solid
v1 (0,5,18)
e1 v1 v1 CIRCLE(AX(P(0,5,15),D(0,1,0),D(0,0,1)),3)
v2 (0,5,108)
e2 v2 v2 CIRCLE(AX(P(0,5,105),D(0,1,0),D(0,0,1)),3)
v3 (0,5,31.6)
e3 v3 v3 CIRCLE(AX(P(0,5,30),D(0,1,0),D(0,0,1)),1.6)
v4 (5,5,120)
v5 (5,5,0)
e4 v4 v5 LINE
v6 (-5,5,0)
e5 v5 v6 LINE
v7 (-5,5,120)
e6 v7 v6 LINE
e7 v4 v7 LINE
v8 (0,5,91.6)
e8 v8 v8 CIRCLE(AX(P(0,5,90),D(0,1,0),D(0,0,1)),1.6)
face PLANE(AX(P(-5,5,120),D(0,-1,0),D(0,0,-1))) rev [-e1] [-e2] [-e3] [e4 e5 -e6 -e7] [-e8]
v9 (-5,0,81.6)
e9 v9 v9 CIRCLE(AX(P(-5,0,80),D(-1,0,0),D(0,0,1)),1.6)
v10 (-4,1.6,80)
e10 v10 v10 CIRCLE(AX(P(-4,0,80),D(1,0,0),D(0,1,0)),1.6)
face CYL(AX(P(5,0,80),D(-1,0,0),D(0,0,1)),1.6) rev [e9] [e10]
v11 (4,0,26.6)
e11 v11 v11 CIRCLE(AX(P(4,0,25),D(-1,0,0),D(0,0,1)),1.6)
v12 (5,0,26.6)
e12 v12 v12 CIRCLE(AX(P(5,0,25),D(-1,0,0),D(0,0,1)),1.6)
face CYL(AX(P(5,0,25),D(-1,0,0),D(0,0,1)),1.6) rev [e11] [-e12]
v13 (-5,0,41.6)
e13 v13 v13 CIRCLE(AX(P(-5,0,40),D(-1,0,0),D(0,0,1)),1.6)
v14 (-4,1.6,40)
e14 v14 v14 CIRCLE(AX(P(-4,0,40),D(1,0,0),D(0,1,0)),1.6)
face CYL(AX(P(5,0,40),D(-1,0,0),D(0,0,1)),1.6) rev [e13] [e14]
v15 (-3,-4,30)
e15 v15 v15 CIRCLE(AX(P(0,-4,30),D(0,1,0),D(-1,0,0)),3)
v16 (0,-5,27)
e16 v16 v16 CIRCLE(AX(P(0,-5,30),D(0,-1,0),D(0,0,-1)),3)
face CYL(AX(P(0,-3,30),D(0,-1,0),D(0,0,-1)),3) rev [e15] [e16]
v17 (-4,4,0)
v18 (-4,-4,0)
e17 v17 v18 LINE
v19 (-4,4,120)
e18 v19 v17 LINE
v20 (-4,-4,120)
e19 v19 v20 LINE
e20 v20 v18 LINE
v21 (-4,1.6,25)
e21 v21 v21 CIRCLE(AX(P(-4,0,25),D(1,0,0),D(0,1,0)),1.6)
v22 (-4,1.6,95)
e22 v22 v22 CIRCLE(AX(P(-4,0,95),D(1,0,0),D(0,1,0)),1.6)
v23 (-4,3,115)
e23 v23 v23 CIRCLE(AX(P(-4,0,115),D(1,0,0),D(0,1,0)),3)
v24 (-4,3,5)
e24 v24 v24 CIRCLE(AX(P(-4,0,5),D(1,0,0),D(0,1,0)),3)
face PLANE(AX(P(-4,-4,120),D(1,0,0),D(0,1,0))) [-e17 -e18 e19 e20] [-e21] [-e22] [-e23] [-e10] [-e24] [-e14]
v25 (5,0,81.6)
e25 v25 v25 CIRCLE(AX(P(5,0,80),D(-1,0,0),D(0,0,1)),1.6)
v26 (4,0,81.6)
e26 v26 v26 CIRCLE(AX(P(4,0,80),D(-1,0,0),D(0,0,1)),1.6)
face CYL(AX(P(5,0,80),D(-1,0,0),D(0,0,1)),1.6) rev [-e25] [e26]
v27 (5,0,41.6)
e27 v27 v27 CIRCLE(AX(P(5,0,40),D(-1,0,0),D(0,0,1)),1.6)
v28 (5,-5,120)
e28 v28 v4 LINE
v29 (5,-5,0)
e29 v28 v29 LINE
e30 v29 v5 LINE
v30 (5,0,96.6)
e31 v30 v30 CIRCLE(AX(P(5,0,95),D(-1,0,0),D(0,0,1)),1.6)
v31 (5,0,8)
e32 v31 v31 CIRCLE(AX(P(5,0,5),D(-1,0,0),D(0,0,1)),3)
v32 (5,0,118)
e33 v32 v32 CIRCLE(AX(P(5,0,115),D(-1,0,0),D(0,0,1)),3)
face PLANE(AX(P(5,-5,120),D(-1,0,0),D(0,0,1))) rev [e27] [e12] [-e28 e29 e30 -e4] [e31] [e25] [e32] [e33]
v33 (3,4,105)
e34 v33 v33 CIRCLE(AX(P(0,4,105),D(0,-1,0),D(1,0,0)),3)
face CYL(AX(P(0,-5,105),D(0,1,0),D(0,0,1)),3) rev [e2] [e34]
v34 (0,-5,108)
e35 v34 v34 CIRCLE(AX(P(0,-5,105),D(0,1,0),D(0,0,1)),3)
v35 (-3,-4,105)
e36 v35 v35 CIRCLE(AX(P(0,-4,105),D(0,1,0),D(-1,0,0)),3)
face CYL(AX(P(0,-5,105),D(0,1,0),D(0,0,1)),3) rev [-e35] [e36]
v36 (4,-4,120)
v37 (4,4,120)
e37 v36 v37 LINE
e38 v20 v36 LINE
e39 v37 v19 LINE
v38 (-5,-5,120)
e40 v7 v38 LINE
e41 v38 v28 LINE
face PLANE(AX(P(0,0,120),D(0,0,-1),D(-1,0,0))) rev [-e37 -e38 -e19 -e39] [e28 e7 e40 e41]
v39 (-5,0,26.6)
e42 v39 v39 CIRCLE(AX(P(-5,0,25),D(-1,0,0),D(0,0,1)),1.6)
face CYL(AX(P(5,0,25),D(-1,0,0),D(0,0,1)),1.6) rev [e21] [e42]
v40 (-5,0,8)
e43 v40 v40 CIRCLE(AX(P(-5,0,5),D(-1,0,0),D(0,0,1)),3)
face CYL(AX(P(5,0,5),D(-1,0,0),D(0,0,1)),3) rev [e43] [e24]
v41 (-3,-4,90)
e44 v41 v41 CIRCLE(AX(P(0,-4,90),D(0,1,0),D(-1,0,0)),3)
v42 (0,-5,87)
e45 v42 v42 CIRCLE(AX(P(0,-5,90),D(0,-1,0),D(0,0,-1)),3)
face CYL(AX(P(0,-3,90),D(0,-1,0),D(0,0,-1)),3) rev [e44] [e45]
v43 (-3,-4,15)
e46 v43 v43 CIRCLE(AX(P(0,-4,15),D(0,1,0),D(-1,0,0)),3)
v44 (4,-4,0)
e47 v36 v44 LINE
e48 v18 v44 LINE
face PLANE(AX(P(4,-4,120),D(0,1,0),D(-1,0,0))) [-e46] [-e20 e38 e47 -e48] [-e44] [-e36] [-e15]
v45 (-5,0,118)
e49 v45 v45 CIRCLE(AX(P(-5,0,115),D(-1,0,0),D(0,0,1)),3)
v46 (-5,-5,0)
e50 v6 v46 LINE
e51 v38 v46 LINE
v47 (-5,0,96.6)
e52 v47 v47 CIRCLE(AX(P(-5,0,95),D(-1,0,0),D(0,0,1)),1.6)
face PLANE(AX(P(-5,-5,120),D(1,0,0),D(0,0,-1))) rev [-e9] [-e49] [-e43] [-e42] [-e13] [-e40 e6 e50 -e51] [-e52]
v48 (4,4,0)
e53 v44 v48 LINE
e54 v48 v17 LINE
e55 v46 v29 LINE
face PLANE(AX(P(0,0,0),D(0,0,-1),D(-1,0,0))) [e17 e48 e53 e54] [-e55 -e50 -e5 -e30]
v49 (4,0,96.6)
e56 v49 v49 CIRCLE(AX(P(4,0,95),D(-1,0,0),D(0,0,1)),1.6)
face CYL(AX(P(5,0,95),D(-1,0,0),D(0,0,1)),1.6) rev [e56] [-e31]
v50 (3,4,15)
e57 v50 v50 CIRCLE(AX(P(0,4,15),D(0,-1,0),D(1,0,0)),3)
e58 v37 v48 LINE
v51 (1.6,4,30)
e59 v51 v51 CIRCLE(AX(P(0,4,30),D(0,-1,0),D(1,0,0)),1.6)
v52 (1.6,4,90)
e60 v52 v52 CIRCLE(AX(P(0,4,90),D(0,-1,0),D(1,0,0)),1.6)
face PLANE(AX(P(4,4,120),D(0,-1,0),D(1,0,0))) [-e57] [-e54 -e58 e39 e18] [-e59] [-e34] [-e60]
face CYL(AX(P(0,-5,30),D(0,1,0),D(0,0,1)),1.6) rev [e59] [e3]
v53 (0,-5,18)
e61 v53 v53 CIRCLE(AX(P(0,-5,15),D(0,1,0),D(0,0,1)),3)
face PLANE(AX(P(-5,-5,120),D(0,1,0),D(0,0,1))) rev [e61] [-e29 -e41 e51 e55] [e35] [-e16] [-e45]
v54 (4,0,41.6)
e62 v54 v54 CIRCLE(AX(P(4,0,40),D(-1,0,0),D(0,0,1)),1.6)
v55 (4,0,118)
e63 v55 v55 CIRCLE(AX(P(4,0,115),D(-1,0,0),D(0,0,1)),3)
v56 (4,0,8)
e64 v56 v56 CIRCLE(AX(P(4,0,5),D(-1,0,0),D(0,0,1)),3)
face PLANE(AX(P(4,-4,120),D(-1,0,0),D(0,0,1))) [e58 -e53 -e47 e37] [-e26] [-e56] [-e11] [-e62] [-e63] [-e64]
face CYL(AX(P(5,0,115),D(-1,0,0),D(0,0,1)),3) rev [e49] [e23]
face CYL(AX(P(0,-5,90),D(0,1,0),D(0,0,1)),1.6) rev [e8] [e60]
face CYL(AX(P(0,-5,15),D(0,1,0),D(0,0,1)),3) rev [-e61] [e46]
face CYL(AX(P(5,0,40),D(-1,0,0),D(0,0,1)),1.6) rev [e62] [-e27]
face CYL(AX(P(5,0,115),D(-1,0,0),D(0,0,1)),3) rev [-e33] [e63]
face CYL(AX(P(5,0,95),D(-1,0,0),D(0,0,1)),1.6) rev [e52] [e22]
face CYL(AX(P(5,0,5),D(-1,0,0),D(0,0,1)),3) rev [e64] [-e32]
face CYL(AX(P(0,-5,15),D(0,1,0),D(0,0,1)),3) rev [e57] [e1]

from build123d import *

# Parameters (mm, degrees)
SKETCH_1_W          = 10
SKETCH_1_H          = 10
SKETCH_1_W_2        = 8
SKETCH_1_H_2        = 8
EXTRUDE_1_DEPTH     = 120
SKETCH_2_R          = 3
CUT_EXTRUDE_1_DEPTH = 121.519707932
SKETCH_3_R          = 3
CUT_EXTRUDE_2_DEPTH = 10
SKETCH_4_R          = 1.6
CUT_EXTRUDE_3_DEPTH = 10
SKETCH_5_R          = 1.6
CUT_EXTRUDE_4_DEPTH = 121.519707932
SKETCH_6_R          = 3
CUT_EXTRUDE_5_DEPTH = 2
SKETCH_7_R          = 1.6
CUT_EXTRUDE_6_DEPTH = 121.519707932


with BuildPart() as part:
    # ｽｹｯﾁ1 → ﾎﾞｽ - 押し出し1 (new body)
    with BuildSketch(Plane.XY):
        Rectangle(SKETCH_1_W, SKETCH_1_H)
        Rectangle(SKETCH_1_W_2, SKETCH_1_H_2, mode=Mode.SUBTRACT)
    extrude(amount=EXTRUDE_1_DEPTH)

    # ｽｹｯﾁ2 → ｶｯﾄ - 押し出し1 (cut, through all)
    with BuildSketch(Plane.ZY.offset(5)):
        with Locations((5, 0)):
            Circle(SKETCH_2_R)
        with Locations((115, 0)):
            Circle(SKETCH_2_R)
    extrude(amount=-CUT_EXTRUDE_1_DEPTH, mode=Mode.SUBTRACT)

    # ｽｹｯﾁ3 → ｶｯﾄ - 押し出し2 (cut)
    with BuildSketch(Plane(origin=(0, 5, 0), x_dir=(1, 0, 0), z_dir=(0, 1, 0))):
        with Locations(Location((0, -105, 0), (0, 0, 270))):
            Circle(SKETCH_3_R)
        with Locations(Location((0, -15, 0), (0, 0, 270))):
            Circle(SKETCH_3_R)
    extrude(amount=-CUT_EXTRUDE_2_DEPTH, mode=Mode.SUBTRACT)

    # ｽｹｯﾁ4 → ｶｯﾄ - 押し出し3 (cut)
    with BuildSketch(Plane(origin=(0, 5, 0), x_dir=(1, 0, 0), z_dir=(0, 1, 0))):
        with Locations(Location((0, -30, 0), (0, 0, 270))):
            Circle(SKETCH_4_R)
        with Locations(Location((0, -90, 0), (0, 0, 270))):
            Circle(SKETCH_4_R)
    extrude(amount=-CUT_EXTRUDE_3_DEPTH, mode=Mode.SUBTRACT)

    # ｽｹｯﾁ5 → ｶｯﾄ - 押し出し4 (cut, through all)
    with BuildSketch(Plane.ZY.offset(5)):
        with Locations((25, 0)):
            Circle(SKETCH_5_R)
        with Locations((95, 0)):
            Circle(SKETCH_5_R)
    extrude(amount=-CUT_EXTRUDE_4_DEPTH, mode=Mode.SUBTRACT)

    # ｽｹｯﾁ6 → ｶｯﾄ - 押し出し5 (cut)
    with BuildSketch(Plane(origin=(0, -5, 0), x_dir=(-1, 0, 0), z_dir=(0, -1, 0))):
        with Locations(Location((0, -30, 0), (0, 0, 90))):
            Circle(SKETCH_6_R)
        with Locations(Location((0, -90, 0), (0, 0, 90))):
            Circle(SKETCH_6_R)
    extrude(amount=-CUT_EXTRUDE_5_DEPTH, mode=Mode.SUBTRACT)

    # ｽｹｯﾁ7 → ｶｯﾄ - 押し出し6 (cut, through all)
    with BuildSketch(Plane.ZY.offset(5)):
        with Locations((80, 0)):
            Circle(SKETCH_7_R)
        with Locations((40, 0)):
            Circle(SKETCH_7_R)
    extrude(amount=-CUT_EXTRUDE_6_DEPTH, mode=Mode.SUBTRACT)


solid = part.part
